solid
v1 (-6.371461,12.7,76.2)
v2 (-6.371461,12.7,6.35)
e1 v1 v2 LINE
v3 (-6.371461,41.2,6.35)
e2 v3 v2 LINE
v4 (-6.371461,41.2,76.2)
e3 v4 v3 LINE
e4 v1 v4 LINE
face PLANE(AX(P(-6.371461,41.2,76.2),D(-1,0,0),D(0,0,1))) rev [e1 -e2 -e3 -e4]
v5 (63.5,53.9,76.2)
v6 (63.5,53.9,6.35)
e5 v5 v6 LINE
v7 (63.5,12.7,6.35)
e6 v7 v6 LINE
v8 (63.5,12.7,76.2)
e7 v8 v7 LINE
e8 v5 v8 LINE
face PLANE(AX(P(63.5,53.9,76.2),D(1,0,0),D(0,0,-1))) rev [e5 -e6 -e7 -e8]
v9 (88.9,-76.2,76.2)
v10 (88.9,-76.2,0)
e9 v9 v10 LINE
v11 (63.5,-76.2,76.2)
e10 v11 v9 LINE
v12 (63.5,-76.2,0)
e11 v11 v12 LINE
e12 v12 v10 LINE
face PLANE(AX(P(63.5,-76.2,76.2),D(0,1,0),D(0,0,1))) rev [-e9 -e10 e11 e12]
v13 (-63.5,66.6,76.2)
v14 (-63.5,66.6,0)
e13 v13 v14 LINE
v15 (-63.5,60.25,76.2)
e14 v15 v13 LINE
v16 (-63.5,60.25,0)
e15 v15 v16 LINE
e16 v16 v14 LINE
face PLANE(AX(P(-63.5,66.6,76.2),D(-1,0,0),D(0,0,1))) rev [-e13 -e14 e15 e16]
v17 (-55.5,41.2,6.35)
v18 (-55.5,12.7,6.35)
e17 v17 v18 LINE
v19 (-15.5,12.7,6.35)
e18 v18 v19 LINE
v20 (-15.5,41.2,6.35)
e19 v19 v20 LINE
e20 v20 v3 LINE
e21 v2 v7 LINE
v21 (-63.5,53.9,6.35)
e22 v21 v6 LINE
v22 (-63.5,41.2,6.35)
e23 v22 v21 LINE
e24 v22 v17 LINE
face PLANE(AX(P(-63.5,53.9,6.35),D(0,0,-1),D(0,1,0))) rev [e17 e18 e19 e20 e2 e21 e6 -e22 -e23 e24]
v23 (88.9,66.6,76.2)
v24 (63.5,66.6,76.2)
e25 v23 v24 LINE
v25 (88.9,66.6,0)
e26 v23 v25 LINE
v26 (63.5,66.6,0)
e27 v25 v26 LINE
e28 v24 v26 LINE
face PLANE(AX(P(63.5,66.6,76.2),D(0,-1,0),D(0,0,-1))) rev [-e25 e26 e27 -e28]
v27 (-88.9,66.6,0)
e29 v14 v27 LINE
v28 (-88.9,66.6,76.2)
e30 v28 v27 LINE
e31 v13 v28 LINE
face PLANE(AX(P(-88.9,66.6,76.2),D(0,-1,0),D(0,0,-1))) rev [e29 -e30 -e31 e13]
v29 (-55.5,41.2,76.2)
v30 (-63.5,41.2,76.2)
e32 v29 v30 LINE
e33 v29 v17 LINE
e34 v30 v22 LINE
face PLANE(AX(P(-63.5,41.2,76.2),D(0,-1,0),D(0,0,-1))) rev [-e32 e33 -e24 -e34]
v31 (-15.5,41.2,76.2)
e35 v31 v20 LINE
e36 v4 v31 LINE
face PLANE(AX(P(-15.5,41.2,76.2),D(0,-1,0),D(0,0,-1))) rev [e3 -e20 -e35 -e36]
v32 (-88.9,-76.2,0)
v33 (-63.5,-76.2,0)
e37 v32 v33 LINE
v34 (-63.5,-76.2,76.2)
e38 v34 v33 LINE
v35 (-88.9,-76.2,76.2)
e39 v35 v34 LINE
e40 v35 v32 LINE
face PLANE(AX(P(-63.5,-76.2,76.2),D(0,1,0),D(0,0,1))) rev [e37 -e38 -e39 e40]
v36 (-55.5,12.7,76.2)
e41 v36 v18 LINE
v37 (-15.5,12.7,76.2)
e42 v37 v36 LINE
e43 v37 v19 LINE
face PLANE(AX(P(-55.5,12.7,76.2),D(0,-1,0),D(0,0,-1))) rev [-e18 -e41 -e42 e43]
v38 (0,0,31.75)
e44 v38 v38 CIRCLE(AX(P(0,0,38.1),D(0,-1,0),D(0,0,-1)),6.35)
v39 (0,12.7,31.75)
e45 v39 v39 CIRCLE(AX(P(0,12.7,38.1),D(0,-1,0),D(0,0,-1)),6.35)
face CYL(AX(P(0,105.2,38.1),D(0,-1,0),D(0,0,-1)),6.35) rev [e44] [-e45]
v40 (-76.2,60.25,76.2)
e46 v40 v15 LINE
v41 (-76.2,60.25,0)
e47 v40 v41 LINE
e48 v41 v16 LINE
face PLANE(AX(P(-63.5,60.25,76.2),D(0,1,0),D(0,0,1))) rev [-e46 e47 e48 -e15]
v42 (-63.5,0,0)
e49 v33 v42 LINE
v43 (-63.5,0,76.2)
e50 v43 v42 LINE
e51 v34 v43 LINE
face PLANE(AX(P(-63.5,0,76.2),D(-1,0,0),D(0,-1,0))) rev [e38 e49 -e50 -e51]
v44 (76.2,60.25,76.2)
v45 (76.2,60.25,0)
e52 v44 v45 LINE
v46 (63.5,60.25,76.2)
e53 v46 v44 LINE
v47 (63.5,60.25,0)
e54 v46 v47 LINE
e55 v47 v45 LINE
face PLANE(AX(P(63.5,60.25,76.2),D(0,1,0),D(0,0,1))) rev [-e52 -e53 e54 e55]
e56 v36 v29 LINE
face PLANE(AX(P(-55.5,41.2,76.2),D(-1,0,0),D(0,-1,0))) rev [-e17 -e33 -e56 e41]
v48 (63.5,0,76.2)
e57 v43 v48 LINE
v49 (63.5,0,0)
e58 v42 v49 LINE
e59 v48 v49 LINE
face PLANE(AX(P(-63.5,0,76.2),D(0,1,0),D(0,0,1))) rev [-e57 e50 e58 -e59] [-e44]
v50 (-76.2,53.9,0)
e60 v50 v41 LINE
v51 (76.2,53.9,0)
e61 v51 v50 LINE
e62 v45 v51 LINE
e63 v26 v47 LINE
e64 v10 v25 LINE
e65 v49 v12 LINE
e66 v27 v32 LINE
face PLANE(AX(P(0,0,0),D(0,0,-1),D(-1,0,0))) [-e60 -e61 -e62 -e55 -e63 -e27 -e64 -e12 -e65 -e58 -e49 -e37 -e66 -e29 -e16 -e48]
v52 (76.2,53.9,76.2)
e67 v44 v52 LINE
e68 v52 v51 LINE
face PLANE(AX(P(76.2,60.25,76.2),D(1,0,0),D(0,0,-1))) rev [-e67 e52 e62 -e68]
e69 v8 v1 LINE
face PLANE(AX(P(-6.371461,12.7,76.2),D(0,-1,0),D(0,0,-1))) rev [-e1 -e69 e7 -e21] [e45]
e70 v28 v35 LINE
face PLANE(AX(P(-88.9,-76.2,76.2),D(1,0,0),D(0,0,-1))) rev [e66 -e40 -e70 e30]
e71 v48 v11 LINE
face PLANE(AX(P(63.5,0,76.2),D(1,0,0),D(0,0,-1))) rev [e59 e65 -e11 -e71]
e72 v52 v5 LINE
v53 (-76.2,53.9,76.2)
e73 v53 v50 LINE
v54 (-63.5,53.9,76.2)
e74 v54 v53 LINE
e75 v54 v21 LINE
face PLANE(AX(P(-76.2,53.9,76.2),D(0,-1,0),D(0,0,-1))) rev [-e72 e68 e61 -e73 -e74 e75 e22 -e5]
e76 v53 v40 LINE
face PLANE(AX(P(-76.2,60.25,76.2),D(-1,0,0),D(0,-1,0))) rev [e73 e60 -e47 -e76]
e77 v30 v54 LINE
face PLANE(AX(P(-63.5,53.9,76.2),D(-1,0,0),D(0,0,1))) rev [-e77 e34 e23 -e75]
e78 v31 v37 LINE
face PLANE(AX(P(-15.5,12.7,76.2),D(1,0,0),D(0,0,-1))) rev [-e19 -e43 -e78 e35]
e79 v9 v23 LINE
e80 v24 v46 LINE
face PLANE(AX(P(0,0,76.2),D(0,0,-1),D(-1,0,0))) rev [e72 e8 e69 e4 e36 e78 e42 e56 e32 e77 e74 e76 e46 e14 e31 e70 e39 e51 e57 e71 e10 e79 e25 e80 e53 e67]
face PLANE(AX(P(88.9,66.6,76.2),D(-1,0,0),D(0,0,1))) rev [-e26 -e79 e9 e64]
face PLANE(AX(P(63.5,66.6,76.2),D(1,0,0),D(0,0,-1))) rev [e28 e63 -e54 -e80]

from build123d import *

# Parameters (mm, degrees)
BOSS_EXTRUDE1_DEPTH = 76.2
SKETCH2_W           = 6.35
SKETCH2_H           = 41.2
BOSS_EXTRUDE2_DEPTH = 127
SKETCH3_R           = 6.35
CUT_EXTRUDE1_DEPTH  = 105.2


with BuildPart() as part:
    # Sketch1 → Boss-Extrude1 (new body)
    with BuildSketch(Plane.XY):
        Polygon((-63.5, 0), (63.5, 0), (63.5, -76.2), (88.9, -76.2), (88.9, 66.6), (63.5, 66.6), (63.5, 60.25), (76.2, 60.25), (76.2, 53.9), (63.5, 53.9), (63.5, 12.7), (-6.371461067, 12.7), (-6.371461067, 41.2), (-15.5, 41.2), (-15.5, 12.7), (-55.5, 12.7), (-55.5, 41.2), (-63.5, 41.2), (-63.5, 53.9), (-76.2, 53.9), (-76.2, 60.25), (-63.5, 60.25), (-63.5, 66.6), (-88.9, 66.6), (-88.9, -76.2), (-63.5, -76.2), align=None)
    extrude(amount=BOSS_EXTRUDE1_DEPTH)

    # Sketch2 → Boss-Extrude2 (add)
    with BuildSketch(Plane.ZY.offset(-63.5)):
        with Locations((3.175, 33.3)):
            Rectangle(SKETCH2_W, SKETCH2_H)
    extrude(amount=BOSS_EXTRUDE2_DEPTH)

    # Sketch3 → Cut-Extrude1 (cut)
    with BuildSketch(Plane.XZ):
        with Locations(Location((0, 38.1, 0), (0, 0, 270))):
            Circle(SKETCH3_R)
    extrude(amount=-CUT_EXTRUDE1_DEPTH, mode=Mode.SUBTRACT)


solid = part.part
